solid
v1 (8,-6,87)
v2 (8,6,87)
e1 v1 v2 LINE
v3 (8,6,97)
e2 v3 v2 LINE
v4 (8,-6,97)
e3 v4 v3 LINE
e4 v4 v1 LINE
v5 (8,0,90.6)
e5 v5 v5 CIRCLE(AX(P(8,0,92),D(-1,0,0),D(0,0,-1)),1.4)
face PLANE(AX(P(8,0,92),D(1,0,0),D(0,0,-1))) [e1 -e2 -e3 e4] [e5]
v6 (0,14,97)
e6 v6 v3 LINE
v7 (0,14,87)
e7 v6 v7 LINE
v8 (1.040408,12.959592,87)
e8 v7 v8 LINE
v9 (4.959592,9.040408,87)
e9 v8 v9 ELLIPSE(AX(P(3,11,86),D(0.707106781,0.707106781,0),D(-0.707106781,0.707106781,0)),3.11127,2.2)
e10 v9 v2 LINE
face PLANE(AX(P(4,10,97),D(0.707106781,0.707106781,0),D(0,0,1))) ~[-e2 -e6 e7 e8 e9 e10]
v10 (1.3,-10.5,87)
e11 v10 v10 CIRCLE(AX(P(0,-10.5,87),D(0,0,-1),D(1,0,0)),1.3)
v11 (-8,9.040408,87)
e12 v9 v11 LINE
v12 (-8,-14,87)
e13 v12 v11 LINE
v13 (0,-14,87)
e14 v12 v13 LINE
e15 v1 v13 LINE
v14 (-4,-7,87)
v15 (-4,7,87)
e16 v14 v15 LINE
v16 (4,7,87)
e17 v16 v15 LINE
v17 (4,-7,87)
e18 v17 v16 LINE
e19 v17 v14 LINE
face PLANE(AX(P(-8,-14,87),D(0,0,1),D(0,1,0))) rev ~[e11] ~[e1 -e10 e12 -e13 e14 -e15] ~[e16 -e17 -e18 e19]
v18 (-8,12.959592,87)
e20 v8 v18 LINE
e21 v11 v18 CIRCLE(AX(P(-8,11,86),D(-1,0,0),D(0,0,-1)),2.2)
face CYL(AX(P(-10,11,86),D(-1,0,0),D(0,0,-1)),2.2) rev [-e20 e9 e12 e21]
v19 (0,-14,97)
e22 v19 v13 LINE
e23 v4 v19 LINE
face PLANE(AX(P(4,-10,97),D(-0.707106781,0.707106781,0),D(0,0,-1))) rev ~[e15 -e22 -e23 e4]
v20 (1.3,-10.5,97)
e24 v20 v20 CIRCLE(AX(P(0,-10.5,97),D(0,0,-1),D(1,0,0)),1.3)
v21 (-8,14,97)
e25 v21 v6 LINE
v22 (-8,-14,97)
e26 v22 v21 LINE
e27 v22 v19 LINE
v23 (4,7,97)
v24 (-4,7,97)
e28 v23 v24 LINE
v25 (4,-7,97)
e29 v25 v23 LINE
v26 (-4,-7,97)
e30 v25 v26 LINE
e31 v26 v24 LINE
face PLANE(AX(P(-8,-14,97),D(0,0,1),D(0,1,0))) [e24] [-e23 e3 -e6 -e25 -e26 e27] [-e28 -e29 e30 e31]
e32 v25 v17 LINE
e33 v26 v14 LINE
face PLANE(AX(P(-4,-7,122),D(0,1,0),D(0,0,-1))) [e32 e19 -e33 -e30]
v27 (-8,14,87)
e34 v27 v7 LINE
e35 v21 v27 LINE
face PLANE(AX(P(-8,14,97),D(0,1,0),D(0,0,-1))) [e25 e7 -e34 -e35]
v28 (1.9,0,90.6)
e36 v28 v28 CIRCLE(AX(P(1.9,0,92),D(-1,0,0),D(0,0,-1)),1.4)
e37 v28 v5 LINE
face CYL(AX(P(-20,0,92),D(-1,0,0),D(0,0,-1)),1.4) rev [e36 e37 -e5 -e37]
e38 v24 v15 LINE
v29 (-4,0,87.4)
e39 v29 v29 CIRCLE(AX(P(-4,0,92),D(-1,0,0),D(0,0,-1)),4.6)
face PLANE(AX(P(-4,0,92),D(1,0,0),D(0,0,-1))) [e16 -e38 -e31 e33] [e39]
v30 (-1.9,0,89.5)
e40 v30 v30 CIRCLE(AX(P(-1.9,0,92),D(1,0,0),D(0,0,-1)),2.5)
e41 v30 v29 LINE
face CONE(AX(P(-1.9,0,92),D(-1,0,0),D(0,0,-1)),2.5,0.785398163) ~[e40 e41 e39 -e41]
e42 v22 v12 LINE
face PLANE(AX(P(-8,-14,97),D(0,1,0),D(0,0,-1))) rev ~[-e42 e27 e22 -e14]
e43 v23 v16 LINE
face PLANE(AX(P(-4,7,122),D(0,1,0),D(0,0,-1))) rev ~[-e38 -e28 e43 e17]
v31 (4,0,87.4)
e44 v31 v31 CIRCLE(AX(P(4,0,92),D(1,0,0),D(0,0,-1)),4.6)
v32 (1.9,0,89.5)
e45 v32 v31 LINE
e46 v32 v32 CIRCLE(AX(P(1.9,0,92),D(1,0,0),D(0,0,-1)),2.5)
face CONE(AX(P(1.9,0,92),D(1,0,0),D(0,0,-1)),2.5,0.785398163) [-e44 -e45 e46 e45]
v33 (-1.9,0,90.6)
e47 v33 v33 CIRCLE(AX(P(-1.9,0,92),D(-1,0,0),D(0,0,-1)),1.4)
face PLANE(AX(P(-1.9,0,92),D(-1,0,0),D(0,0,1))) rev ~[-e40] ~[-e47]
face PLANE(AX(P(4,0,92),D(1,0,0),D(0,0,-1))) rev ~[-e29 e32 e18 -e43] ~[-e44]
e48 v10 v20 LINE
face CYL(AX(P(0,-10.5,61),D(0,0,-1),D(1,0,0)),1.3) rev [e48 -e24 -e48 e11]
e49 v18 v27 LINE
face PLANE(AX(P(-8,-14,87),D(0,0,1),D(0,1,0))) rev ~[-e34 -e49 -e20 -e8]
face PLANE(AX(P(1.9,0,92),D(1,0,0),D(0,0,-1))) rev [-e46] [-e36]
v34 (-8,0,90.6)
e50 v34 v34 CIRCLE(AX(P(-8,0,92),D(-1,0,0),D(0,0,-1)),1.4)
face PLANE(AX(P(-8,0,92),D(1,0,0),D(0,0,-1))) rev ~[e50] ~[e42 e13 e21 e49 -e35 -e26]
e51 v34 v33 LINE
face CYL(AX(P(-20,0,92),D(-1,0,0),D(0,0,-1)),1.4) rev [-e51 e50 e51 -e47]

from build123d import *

# Parameters (mm, degrees)
CYLINDER054061_R                           = 1.3
CYLINDER054061_DEPTH                       = 50
CYLINDER054060_R                           = 2.2
CYLINDER054060_DEPTH                       = 20
CYLINDER054060_PITCH_ANGLE                 = 90
CYLINDER054056_R                           = 1.4
CYLINDER054056_DEPTH                       = 40
CYLINDER054056_PITCH_ANGLE                 = 90
BOX112015002017004007004036_W              = 60
BOX112015002017004007004036_H              = 14
BOX112015002017004007004036_DEPTH          = 8
BOX112015002017004007004036_PITCH_ANGLE    = 90
BOX112015002017004007004037_W              = 10
BOX112015002017004007004037_H              = 28
BOX112015002017004007004037_DEPTH          = 16
BOX112015002017004007004037_PITCH_ANGLE    = 90
CHAMFER006012025_SIZE                      = 8
CHAMFER006012026_SIZE                      = 8
CONE012_PITCH_ANGLE                        = 90
PART_MIRRORING005008_PITCH_ANGLE           = 90
BOX112015002017004007004038008_W           = 10
BOX112015002017004007004038008_H           = 28
BOX112015002017004007004038008_DEPTH       = 16
BOX112015002017004007004038008_PITCH_ANGLE = 90


with BuildPart() as cylinder054092:
    # Cylinder054061 → Cylinder054061 (new body)
    with BuildSketch(Plane(origin=(0, -10.5, 7), x_dir=(1, 0, 0), z_dir=(0, 0, 1))):
        Circle(CYLINDER054061_R)
    extrude(amount=CYLINDER054061_DEPTH)


with BuildPart() as cylinder054091:
    # Cylinder054060 → Cylinder054060 (new body)
    with BuildSketch(Plane.XY):
        Circle(CYLINDER054060_R)
    extrude(amount=CYLINDER054060_DEPTH)


with BuildPart() as cylinder054091_1:
    # Cylinder054060 pitch: moved
    add(cylinder054091.part.rotate(Axis((0, 0, 0), (0, 1, 0)), CYLINDER054060_PITCH_ANGLE))


with BuildPart() as cylinder054091_2:
    # Cylinder054060 placement: moved
    add(cylinder054091_1.part.moved(Location((-10, 11, 32))))


with BuildPart() as bearing_m3:
    # Cylinder054056 → Cylinder054056 (new body)
    with BuildSketch(Plane.XY):
        Circle(CYLINDER054056_R)
    extrude(amount=CYLINDER054056_DEPTH)


with BuildPart() as bearing_m3_1:
    # Cylinder054056 pitch: moved
    add(bearing_m3.part.rotate(Axis((0, 0, 0), (0, 1, 0)), CYLINDER054056_PITCH_ANGLE))


with BuildPart() as bearing_m3_2:
    # Cylinder054056 placement: moved
    add(bearing_m3_1.part.moved(Location((-20, 0, 38))))


with BuildPart() as cube119:
    # Box112015002017004007004036 → Box112015002017004007004036 (new body)
    with BuildSketch(Plane.XY):
        with Locations((30, 7)):
            Rectangle(BOX112015002017004007004036_W, BOX112015002017004007004036_H)
    extrude(amount=BOX112015002017004007004036_DEPTH)


with BuildPart() as cube119_1:
    # Box112015002017004007004036 pitch: moved
    add(cube119.part.rotate(Axis((0, 0, 0), (0, 1, 0)), BOX112015002017004007004036_PITCH_ANGLE))


with BuildPart() as cube119_2:
    # Box112015002017004007004036 placement: moved
    add(cube119_1.part.moved(Location((-4, -7, 68))))


with BuildPart() as cut298:
    # Box112015002017004007004037 → Box112015002017004007004037 (new body)
    with BuildSketch(Plane.XY):
        with Locations((5, 14)):
            Rectangle(BOX112015002017004007004037_W, BOX112015002017004007004037_H)
    extrude(amount=BOX112015002017004007004037_DEPTH)


with BuildPart() as cut298_1:
    # Box112015002017004007004037 pitch: moved
    add(cut298.part.rotate(Axis((0, 0, 0), (0, 1, 0)), BOX112015002017004007004037_PITCH_ANGLE))


with BuildPart() as cut298_2:
    # Box112015002017004007004037 placement: moved
    add(cut298_1.part.moved(Location((-8, -14, 43))))

    # Chamfer006012025
    chamfer006012025_edges = [cut298_2.edges().sort_by_distance(p)[0] for p in [
        (8, 14, 38),
    ]]
    chamfer(chamfer006012025_edges, length=CHAMFER006012025_SIZE)

    # Chamfer006012026
    chamfer006012026_edges = [cut298_2.edges().sort_by_distance(p)[0] for p in [
        (8, -14, 38),
    ]]
    chamfer(chamfer006012026_edges, length=CHAMFER006012026_SIZE)

    # Cut298: cut Cube119
    add(cube119_2.part, mode=Mode.SUBTRACT)


with BuildPart() as cone012:
    # Cone012 → Cone012 (revolve)
    with BuildSketch(Plane.XZ):
        Polygon((0, 0), (2.5, 0), (5.5, 3), (0, 3), align=None)
    revolve(axis=Axis((0, 0, 0), (0, 0, 1)))


with BuildPart() as cone012_1:
    # Cone012 pitch: moved
    add(cone012.part.rotate(Axis((0, 0, 0), (0, 1, 0)), CONE012_PITCH_ANGLE))


with BuildPart() as cone012_2:
    # Cone012 placement: moved
    add(cone012_1.part.moved(Location((1.9, 0, 38))))


with BuildPart() as cone011:
    # Cone011 → Cone011 (revolve)
    with BuildSketch(Plane(origin=(0, 0, 2), x_dir=(1, 0, 0), z_dir=(0, -1, 0))):
        Polygon((0, 0), (2.5, 0), (5.5, 3), (0, 3), align=None)
    revolve(axis=Axis((0, 0, 2), (0, 0, 1)))


with BuildPart() as bearing_cones:
    # Part__Mirroring005008: instance of Cone011
    add(cone011.part.mirror(Plane(origin=(0, 0, 0), x_dir=(0, 1, 0), z_dir=(0, 0, 1))))


with BuildPart() as bearing_cones_1:
    # Part__Mirroring005008 pitch: moved
    add(bearing_cones.part.rotate(Axis((0, 0, 0), (0, 1, 0)), PART_MIRRORING005008_PITCH_ANGLE))


with BuildPart() as bearing_cones_2:
    # Part__Mirroring005008 placement: moved
    add(bearing_cones_1.part.moved(Location((0.1, 0, 38))))

    # Fusion051010010012015014027: union Cone012
    add(cone012_2.part)


with BuildPart() as wire_tensioner:
    # Box112015002017004007004038008 → Box112015002017004007004038008 (new body)
    with BuildSketch(Plane.XY):
        with Locations((5, 14)):
            Rectangle(BOX112015002017004007004038008_W, BOX112015002017004007004038008_H)
    extrude(amount=BOX112015002017004007004038008_DEPTH)


with BuildPart() as wire_tensioner_1:
    # Box112015002017004007004038008 pitch: moved
    add(wire_tensioner.part.rotate(Axis((0, 0, 0), (0, 1, 0)), BOX112015002017004007004038008_PITCH_ANGLE))


with BuildPart() as wire_tensioner_2:
    # Box112015002017004007004038008 placement: moved
    add(wire_tensioner_1.part.moved(Location((-8, -14, 43))))

    # Common010: intersect bearing-cones
    add(bearing_cones_2.part, mode=Mode.INTERSECT)

    # Fusion051010010012015014034: union Cut298
    add(cut298_2.part)

    # Cut299: cut bearing-M3
    add(bearing_m3_2.part, mode=Mode.SUBTRACT)

    # Cut300: cut Cylinder054091
    add(cylinder054091_2.part, mode=Mode.SUBTRACT)

    # Cut301: cut Cylinder054092
    add(cylinder054092.part, mode=Mode.SUBTRACT)


with BuildPart() as wire_tensioner_3:
    # Cut301 placement: moved
    add(wire_tensioner_2.part.moved(Location((0, 0, 54))))


solid = wire_tensioner_3.part
